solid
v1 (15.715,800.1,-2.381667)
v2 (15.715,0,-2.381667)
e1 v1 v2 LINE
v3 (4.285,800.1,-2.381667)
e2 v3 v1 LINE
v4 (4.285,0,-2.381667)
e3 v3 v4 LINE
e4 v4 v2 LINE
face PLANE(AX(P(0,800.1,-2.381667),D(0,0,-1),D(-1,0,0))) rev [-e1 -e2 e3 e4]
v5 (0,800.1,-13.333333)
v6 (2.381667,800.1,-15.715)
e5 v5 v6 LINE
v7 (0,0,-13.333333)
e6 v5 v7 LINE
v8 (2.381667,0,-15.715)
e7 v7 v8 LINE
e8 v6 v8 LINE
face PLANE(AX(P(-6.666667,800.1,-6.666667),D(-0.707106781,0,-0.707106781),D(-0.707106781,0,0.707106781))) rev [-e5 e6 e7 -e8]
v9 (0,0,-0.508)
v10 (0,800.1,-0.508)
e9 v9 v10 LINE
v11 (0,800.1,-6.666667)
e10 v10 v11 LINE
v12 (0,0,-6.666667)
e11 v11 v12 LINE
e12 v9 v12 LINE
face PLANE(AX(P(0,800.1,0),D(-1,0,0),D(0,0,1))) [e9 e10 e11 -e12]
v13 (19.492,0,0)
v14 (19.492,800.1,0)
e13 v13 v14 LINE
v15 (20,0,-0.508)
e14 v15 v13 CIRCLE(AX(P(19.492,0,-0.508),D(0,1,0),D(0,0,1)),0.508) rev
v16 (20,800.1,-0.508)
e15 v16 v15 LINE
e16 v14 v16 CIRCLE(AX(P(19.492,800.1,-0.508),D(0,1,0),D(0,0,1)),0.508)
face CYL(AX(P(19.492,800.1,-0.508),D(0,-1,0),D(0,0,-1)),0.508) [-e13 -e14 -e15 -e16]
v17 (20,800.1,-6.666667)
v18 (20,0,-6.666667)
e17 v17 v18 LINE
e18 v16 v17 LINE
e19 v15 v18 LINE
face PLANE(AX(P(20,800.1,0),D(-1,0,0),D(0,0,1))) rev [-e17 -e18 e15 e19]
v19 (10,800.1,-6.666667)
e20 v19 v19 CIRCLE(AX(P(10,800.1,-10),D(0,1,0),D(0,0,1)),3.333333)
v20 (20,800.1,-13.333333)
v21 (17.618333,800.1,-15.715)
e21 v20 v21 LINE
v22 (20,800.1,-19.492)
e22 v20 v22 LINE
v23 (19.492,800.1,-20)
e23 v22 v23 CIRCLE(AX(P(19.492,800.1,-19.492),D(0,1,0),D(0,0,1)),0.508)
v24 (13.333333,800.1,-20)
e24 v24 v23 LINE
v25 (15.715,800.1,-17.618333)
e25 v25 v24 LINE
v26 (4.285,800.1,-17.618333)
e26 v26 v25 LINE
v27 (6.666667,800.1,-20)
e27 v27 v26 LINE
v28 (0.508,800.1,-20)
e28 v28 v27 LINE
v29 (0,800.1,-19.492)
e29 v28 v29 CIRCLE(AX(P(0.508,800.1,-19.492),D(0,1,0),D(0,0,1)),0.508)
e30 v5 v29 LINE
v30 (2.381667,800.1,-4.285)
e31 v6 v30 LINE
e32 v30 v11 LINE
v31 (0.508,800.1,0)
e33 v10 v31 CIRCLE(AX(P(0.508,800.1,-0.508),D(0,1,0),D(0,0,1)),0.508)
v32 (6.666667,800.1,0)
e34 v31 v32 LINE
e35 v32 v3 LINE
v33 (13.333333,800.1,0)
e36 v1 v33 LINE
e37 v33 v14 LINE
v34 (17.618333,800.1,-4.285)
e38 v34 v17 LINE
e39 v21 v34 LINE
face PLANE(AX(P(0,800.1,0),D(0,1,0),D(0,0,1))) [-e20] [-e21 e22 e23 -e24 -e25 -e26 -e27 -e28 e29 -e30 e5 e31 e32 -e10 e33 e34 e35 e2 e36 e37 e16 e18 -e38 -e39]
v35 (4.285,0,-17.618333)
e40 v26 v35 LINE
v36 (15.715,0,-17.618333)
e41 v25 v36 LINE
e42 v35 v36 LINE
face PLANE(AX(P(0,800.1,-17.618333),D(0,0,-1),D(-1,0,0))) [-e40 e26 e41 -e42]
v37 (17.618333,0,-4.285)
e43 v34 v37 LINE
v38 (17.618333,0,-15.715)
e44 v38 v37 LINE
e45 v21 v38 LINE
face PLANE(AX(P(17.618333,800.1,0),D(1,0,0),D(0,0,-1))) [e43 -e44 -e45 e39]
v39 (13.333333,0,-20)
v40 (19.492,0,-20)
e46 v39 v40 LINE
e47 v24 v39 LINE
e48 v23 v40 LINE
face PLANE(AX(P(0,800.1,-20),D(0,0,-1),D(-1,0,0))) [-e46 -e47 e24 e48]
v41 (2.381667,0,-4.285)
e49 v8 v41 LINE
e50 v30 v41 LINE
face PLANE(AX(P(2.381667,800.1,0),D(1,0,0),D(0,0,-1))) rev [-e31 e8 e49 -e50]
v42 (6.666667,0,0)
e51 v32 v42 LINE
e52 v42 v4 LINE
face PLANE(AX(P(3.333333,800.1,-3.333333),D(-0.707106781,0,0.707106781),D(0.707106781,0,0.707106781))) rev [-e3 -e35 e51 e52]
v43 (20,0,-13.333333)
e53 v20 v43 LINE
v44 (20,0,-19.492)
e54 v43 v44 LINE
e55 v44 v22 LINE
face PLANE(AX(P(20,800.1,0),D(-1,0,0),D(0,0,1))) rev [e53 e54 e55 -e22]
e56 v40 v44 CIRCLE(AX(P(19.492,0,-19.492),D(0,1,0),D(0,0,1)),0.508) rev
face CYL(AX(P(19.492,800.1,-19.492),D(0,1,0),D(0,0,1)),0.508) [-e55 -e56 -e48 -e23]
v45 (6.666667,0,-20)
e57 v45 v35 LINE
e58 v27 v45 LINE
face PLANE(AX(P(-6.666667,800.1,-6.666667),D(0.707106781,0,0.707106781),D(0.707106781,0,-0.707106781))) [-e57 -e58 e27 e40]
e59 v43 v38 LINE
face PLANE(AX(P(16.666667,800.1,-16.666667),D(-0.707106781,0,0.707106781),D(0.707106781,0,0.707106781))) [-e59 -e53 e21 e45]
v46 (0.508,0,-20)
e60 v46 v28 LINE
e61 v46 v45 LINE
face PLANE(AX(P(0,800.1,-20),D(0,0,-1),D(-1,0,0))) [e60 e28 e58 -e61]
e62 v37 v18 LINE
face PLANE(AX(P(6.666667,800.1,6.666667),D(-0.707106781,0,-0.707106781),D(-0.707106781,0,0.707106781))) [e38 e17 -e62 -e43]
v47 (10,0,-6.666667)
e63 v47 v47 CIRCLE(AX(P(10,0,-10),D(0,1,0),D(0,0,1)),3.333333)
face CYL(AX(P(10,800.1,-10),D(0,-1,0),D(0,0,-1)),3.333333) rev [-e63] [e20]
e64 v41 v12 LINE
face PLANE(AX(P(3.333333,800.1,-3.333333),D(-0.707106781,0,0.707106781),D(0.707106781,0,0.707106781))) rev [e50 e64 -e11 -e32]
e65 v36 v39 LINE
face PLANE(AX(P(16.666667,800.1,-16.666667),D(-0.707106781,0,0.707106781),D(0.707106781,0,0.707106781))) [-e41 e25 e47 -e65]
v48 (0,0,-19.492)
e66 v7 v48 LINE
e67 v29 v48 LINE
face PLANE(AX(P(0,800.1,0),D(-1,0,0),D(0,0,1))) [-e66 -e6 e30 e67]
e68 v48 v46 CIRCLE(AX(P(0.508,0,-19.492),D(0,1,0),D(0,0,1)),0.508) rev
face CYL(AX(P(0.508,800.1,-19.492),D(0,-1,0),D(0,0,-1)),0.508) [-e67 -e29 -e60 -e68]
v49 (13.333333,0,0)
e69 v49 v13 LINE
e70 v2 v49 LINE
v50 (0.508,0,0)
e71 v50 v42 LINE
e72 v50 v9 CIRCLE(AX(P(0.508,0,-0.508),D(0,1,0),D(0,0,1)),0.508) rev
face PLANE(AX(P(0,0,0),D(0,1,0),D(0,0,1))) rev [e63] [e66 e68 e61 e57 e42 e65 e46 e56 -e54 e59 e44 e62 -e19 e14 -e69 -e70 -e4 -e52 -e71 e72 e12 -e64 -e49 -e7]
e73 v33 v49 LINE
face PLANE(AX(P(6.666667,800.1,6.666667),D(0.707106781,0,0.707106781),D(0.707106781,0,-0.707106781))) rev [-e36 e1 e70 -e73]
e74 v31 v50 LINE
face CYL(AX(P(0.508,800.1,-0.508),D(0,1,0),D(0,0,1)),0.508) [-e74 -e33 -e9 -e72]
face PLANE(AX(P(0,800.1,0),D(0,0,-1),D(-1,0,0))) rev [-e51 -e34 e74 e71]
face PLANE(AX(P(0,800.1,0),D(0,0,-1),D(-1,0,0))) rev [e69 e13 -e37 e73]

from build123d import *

# Parameters (mm, degrees)
SKETCH1_R           = 3.333333333
BOSS_EXTRUDE1_DEPTH = 800.1
FILLET4_R           = 0.508


with BuildPart() as part:
    # Sketch1 → Boss-Extrude1 (new body)
    with BuildSketch(Plane(origin=(0, 0, 0), x_dir=(1, 0, 0), z_dir=(0, 1, 0))):
        Polygon((4.285, 17.618333333), (6.666666667, 20), (0, 20), (0, 13.333333333), (2.381666667, 15.715), (2.381666667, 4.285), (0, 6.666666667), (0, 0), (6.666666667, 0), (4.285, 2.381666667), (15.715, 2.381666667), (13.333333333, 0), (20, 0), (20, 6.666666667), (17.618333333, 4.285), (17.618333333, 15.715), (20, 13.333333333), (20, 20), (13.333333333, 20), (15.715, 17.618333333), align=None)
        with Locations((10, 10)):
            Circle(SKETCH1_R, mode=Mode.SUBTRACT)
    extrude(amount=BOSS_EXTRUDE1_DEPTH)

    # Fillet4
    fillet4_edges = [part.edges().sort_by_distance(p)[0] for p in [
        (20, 400.05, 0),
        (0, 400.05, 0),
        (0, 400.05, -20),
        (20, 400.05, -20),
    ]]
    fillet(fillet4_edges, radius=FILLET4_R)


solid = part.part
